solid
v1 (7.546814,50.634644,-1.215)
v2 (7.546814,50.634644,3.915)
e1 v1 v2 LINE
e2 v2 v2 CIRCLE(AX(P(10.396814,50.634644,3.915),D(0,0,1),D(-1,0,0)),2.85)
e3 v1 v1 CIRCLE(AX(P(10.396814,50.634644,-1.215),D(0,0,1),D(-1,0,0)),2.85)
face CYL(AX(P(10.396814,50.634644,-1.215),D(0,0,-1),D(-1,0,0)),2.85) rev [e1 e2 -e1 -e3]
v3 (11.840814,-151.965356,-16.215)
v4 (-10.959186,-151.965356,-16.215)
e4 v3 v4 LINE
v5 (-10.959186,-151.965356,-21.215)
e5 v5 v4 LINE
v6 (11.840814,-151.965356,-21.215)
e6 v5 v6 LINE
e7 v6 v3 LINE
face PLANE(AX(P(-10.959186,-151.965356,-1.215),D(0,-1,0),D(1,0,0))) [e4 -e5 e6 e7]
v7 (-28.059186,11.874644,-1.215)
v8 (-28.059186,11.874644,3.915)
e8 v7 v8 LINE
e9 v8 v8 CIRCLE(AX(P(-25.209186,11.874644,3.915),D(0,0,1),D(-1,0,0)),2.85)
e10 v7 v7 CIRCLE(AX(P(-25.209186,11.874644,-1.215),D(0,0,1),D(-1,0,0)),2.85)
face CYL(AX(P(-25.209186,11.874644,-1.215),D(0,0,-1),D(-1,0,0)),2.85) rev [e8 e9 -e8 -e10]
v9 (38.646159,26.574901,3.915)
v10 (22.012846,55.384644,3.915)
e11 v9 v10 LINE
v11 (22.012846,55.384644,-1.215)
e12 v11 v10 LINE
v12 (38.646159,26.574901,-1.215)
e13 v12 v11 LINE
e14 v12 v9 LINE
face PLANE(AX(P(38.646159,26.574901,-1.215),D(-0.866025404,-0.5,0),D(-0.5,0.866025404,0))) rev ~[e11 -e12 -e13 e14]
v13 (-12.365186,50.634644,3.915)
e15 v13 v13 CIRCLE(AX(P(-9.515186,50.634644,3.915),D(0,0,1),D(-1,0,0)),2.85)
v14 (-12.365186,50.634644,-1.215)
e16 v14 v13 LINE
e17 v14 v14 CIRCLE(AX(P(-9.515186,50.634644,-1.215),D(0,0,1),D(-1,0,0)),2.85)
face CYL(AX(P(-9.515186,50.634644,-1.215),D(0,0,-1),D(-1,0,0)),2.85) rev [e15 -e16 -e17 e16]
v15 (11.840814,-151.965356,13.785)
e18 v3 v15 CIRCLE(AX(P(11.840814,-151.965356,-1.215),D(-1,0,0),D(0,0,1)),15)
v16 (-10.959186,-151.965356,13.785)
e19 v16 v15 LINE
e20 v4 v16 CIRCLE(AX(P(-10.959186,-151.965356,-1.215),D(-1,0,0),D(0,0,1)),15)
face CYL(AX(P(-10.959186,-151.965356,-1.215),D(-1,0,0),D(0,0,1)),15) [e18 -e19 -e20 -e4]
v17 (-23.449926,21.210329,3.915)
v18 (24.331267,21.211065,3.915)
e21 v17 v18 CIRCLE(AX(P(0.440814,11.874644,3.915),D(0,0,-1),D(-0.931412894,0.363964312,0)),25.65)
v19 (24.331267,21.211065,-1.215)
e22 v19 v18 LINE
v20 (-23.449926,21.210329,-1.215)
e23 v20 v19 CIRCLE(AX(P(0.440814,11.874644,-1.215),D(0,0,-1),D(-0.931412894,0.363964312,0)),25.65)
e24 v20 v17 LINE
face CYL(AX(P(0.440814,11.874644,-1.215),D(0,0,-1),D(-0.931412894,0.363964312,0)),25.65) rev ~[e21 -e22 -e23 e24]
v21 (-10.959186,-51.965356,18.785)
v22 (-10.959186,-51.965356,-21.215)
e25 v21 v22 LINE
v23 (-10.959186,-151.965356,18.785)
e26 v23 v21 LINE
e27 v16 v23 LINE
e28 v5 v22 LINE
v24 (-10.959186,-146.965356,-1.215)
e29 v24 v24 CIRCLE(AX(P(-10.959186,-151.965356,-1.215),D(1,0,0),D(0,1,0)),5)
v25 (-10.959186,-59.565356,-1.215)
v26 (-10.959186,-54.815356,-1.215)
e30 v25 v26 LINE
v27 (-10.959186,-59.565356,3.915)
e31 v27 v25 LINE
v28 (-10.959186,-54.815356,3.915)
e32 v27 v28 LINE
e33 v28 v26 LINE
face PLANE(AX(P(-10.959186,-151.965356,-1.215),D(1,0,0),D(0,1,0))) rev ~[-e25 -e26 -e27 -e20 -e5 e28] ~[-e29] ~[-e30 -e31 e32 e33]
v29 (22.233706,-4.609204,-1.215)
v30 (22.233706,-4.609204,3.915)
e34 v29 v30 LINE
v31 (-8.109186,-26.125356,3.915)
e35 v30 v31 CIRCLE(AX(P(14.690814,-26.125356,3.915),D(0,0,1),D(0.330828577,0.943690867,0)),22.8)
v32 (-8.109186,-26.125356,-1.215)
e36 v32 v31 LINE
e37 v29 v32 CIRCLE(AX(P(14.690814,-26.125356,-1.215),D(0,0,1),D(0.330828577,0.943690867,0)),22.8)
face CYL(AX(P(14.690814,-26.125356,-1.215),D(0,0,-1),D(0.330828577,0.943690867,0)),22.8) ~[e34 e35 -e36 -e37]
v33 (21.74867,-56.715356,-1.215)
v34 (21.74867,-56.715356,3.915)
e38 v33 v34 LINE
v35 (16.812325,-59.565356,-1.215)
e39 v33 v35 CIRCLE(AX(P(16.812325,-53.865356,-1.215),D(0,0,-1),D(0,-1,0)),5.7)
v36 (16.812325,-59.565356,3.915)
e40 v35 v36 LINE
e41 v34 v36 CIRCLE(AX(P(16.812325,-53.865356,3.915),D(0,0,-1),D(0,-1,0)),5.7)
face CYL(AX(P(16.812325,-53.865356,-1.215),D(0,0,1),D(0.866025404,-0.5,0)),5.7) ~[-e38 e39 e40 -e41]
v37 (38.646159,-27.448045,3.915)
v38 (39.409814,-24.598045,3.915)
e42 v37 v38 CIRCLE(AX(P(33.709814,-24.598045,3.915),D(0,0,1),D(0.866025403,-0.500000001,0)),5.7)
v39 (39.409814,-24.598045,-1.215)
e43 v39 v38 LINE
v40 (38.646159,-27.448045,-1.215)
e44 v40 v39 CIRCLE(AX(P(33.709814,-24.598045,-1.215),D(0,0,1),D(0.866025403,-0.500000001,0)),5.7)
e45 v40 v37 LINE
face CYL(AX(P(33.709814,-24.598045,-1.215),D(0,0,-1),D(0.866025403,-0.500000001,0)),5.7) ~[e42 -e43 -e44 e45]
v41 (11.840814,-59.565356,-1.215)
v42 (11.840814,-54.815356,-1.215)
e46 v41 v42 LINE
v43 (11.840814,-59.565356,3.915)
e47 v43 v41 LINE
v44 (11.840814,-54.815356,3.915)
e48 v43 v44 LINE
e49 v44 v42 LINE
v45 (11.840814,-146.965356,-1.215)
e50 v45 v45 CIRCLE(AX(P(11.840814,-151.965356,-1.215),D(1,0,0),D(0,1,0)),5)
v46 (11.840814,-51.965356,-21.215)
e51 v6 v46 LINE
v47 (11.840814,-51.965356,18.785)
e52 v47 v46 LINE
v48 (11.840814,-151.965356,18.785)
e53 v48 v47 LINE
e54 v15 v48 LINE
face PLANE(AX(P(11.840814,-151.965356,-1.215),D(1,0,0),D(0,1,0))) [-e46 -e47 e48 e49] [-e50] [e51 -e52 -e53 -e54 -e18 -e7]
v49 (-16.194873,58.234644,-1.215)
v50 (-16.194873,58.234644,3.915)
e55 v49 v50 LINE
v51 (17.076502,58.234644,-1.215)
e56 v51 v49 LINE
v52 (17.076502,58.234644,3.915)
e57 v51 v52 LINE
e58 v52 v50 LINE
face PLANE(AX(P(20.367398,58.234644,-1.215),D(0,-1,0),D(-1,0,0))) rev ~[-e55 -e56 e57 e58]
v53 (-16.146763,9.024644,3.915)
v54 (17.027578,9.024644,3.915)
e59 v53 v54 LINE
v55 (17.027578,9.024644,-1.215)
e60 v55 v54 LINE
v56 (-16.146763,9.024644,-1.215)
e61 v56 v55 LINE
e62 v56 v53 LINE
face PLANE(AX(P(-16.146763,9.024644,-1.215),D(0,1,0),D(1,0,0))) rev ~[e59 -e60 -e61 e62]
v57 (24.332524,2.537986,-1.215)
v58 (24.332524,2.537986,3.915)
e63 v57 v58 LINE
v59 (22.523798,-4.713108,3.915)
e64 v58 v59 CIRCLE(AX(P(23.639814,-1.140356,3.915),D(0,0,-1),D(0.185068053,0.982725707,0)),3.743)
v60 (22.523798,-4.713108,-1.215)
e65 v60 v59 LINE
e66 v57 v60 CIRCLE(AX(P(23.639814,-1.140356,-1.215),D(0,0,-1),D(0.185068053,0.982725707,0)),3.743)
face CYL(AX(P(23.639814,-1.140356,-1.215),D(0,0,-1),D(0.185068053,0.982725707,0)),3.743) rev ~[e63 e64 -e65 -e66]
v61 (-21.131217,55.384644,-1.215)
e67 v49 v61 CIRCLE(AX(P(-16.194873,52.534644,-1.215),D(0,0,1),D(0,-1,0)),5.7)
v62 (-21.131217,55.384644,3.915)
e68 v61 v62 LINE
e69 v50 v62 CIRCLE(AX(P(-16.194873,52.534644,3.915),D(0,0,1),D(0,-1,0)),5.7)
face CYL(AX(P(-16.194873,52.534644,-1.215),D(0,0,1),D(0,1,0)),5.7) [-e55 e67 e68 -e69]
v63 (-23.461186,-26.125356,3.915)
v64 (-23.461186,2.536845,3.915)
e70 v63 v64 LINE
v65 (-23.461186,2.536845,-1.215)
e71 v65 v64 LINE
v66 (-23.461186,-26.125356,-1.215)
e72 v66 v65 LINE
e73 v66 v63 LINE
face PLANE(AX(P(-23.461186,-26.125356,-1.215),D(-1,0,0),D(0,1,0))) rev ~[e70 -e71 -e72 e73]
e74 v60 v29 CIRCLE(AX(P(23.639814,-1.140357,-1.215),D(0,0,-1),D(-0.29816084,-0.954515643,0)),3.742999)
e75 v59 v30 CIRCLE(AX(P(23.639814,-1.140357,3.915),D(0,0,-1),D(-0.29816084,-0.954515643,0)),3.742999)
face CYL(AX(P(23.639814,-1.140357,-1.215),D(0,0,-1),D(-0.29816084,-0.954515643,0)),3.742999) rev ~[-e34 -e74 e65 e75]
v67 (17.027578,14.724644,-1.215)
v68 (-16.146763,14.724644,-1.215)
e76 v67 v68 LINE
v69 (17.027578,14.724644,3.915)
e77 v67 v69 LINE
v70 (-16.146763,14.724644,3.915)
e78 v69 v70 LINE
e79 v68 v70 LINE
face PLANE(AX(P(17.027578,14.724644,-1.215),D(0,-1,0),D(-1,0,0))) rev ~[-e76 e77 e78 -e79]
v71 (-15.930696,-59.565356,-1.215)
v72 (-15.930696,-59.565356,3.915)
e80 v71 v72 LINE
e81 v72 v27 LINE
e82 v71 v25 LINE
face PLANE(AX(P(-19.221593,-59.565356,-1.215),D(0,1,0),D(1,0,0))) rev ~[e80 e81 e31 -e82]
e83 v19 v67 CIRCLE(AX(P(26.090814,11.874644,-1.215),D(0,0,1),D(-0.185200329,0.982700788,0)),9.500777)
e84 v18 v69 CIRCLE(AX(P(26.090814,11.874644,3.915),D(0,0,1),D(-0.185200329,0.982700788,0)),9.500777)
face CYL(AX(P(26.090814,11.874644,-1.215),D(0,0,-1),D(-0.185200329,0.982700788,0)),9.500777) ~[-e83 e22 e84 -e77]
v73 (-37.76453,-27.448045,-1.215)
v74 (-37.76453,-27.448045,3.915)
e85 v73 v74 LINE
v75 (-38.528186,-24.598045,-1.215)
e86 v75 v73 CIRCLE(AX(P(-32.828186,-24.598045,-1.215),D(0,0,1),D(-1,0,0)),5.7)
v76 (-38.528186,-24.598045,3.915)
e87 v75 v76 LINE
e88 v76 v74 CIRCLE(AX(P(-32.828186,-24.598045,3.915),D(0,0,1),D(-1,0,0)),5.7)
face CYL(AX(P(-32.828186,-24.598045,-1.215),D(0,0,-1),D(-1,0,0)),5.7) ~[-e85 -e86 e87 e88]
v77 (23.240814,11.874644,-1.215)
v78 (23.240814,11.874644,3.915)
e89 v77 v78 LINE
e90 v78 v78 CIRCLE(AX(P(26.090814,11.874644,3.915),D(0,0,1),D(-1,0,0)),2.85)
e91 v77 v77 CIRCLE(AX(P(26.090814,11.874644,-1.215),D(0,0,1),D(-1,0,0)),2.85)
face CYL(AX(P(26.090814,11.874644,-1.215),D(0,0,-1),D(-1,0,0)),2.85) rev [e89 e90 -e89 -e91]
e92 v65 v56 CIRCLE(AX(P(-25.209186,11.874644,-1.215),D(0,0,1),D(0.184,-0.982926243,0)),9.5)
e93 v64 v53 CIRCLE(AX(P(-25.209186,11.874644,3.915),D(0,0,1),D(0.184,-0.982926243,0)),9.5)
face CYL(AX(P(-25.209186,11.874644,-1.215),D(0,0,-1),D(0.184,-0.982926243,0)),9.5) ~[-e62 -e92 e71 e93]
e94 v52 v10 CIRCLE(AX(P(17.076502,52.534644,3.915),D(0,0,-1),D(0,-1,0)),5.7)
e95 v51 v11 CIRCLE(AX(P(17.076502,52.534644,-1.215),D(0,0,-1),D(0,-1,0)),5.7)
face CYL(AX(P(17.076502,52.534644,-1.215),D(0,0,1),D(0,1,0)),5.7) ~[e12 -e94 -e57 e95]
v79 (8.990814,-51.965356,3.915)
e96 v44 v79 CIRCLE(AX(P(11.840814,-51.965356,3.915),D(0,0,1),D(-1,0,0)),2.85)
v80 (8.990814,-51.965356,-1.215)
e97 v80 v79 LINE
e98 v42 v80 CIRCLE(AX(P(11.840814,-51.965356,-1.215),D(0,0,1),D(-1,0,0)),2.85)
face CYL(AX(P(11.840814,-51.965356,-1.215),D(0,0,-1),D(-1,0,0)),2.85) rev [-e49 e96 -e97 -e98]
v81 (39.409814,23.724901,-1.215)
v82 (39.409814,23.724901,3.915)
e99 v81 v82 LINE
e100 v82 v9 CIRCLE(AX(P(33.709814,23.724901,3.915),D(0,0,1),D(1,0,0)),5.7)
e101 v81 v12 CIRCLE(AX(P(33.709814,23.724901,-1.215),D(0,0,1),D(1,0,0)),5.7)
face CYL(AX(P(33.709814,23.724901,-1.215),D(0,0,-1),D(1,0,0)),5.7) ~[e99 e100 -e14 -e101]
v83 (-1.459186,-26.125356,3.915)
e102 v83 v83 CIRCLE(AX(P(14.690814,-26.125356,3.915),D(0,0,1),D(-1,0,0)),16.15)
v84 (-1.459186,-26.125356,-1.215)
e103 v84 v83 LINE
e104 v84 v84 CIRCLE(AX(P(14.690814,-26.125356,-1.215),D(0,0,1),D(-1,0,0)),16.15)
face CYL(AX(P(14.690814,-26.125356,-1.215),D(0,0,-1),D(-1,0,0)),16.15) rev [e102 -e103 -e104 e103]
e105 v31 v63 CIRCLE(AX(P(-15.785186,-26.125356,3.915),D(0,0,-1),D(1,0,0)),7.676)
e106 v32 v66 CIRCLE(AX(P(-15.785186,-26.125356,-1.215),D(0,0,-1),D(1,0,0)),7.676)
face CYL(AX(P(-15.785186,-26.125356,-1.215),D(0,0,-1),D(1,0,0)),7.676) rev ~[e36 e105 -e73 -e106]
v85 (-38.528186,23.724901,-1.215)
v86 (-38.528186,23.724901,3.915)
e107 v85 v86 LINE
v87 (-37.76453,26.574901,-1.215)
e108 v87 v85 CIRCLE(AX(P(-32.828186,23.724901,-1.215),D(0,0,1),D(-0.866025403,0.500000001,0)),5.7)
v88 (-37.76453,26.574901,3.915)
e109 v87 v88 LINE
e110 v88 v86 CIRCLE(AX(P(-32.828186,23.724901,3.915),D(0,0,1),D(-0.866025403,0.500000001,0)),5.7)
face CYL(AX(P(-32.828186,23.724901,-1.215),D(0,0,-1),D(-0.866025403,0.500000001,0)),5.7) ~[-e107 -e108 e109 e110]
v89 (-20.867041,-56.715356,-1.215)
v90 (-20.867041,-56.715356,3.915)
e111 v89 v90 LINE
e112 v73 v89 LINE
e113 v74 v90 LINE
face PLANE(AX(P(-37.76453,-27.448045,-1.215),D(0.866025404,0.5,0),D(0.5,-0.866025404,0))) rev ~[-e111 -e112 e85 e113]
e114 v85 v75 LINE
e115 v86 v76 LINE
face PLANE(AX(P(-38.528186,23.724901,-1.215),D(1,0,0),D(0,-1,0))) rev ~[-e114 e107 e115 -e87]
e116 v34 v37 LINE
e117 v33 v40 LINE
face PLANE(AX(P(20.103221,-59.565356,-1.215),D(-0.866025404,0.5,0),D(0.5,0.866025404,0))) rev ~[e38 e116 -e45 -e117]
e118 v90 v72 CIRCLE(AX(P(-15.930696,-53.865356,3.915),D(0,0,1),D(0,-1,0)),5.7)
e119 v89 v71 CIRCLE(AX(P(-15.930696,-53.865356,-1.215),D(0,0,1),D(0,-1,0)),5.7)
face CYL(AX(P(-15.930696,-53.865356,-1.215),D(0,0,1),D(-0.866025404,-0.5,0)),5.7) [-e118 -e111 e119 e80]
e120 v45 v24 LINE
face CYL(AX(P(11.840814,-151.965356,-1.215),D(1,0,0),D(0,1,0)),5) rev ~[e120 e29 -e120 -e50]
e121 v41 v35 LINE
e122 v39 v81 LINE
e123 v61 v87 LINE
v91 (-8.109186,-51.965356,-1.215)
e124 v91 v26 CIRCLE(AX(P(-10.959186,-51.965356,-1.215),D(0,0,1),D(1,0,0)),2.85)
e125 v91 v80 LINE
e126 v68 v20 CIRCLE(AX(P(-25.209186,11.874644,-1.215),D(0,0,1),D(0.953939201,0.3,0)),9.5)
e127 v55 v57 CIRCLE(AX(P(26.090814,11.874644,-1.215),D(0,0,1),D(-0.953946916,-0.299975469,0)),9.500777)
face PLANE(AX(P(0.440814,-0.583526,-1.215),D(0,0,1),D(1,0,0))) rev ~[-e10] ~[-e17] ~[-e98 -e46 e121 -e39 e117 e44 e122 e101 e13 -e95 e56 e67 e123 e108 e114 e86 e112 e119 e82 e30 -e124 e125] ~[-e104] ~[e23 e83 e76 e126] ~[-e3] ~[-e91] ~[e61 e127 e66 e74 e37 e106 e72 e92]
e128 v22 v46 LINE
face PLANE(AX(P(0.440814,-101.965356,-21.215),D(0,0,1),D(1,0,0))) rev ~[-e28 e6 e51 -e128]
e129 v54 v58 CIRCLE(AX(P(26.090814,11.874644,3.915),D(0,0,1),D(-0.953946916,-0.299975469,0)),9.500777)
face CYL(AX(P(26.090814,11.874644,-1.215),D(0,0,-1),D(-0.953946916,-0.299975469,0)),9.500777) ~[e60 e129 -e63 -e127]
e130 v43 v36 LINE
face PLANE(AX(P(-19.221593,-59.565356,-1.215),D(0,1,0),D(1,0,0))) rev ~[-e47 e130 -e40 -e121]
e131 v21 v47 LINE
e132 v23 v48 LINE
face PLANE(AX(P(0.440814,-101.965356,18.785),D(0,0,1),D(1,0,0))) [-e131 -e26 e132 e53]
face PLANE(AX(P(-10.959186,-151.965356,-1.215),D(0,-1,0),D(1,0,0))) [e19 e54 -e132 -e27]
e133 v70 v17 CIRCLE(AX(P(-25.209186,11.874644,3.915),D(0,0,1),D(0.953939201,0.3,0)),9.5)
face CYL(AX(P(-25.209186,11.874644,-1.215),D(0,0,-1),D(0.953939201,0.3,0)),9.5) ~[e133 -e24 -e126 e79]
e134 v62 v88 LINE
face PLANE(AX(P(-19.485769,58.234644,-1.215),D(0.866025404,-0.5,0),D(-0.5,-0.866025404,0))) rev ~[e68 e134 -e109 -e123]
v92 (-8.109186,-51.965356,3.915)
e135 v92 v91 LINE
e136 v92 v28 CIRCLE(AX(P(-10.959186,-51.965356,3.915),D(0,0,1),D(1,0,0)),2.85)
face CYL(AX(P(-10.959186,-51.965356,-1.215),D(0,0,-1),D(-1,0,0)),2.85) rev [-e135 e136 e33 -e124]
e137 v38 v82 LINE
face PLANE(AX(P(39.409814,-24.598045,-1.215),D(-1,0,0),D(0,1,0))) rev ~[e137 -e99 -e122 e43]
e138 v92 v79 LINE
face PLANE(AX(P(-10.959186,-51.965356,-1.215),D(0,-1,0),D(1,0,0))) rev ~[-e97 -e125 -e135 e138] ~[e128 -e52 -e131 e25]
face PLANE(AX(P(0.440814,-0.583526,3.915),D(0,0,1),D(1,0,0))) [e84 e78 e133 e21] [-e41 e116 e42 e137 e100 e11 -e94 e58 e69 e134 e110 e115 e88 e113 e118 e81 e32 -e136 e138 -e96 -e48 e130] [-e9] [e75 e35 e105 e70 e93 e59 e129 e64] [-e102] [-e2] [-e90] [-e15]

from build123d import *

# Parameters (mm, degrees)
SKETCH1_R           = 1.5
SKETCH1_R_2         = 8.5
BOSS_EXTRUDE1_DEPTH = 2.7
FILLET1_R           = 3
SCALE1_SCALE        = 1.9
BOSS_EXTRUDE2_START = -5.13
SKETCH2_W           = 22.8
SKETCH2_H           = 100
BOSS_EXTRUDE2_DEPTH = 20
SKETCH3_R           = 15
BOSS_EXTRUDE3_DEPTH = 22.8
CUT_EXTRUDE1_REACH  = 177.683
SKETCH4_R           = 5


with BuildPart() as part:
    # Sketch1 → Boss-Extrude1 (new body)
    with BuildSketch(Plane.XY):
        with BuildLine():
            Line((10.487675588, 31), (-10.487675588, 31))
            Line((-10.487675588, 31), (-20.108076211, 14.336977332))
            ThreePointArc((-20.108076211, 14.336977332), (-20.407777479, 13.613434467), (-20.51, 12.836977332))
            Line((-20.51, 12.836977332), (-20.51, -12.596152423))
            ThreePointArc((-20.51, -12.596152423), (-20.407777479, -13.372609558), (-20.108076211, -14.096152423))
            Line((-20.108076211, -14.096152423), (-10.348635262, -31))
            Line((-10.348635262, -31), (10.348635262, -31))
            Line((10.348635262, -31), (20.108076211, -14.096152423))
            ThreePointArc((20.108076211, -14.096152423), (20.407777479, -13.372609558), (20.51, -12.596152423))
            Line((20.51, -12.596152423), (20.51, 12.836977332))
            ThreePointArc((20.51, 12.836977332), (20.407777479, 13.613434467), (20.108076211, 14.336977332))
            Line((20.108076211, 14.336977332), (10.487675588, 31))
        make_face()
        with Locations(Location((-6, -27, 0), (0, 0, 180))):
            Circle(SKETCH1_R, mode=Mode.SUBTRACT)
        with Locations(Location((6, -27, 0), (0, 0, 180))):
            Circle(SKETCH1_R, mode=Mode.SUBTRACT)
        with Locations(Location((7.5, -13.4, 0), (0, 0, 180))):
            Circle(SKETCH1_R_2, mode=Mode.SUBTRACT)
        with BuildLine():
            ThreePointArc((-4.5, -13.4), (-8.54, -17.44), (-12.58, -13.4))
            Line((-12.58, -13.4), (-12.58, 1.685368783))
            ThreePointArc((-12.58, 1.685368783), (-10.18215631, 2.859423407), (-8.730303993, 5.1))
            Line((-8.730303993, 5.1), (8.729875369, 5.1))
            ThreePointArc((8.729875369, 5.1), (10.179804764, 2.860963681), (12.574584064, 1.685969643))
            ThreePointArc((12.574584064, 1.685969643), (14.121431526, -0.726790857), (11.622623122, -2.13039581))
            ThreePointArc((11.622623122, -2.13039581), (11.545720037, -2.104624526), (11.469942926, -2.075709596))
            ThreePointArc((11.469942926, -2.075709596), (0.558793877, -3.611248417), (-4.5, -13.4))
        make_face(mode=Mode.SUBTRACT)
        with Locations(Location((-13.5, 6.6, 0), (0, 0, 180))):
            Circle(SKETCH1_R, mode=Mode.SUBTRACT)
        with BuildLine():
            Line((8.729875369, 8.1), (-8.730303993, 8.1))
            ThreePointArc((-8.730303993, 8.1), (-10.179901517, 10.338575405), (-12.574074074, 11.513518208))
            ThreePointArc((-12.574074074, 11.513518208), (-0.00020804, 20.099999998), (12.57392263, 11.513905748))
            ThreePointArc((12.57392263, 11.513905748), (10.179553129, 10.338812856), (8.729875369, 8.1))
        make_face(mode=Mode.SUBTRACT)
        with Locations(Location((-5.24, 27, 0), (0, 0, 180))):
            Circle(SKETCH1_R, mode=Mode.SUBTRACT)
        with Locations(Location((13.5, 6.6, 0), (0, 0, 180))):
            Circle(SKETCH1_R, mode=Mode.SUBTRACT)
        with Locations(Location((5.24, 27, 0), (0, 0, 180))):
            Circle(SKETCH1_R, mode=Mode.SUBTRACT)
    extrude(amount=BOSS_EXTRUDE1_DEPTH)

    # Fillet1
    fillet1_edges = [part.edges().sort_by_distance(p)[0] for p in [
        (-10.487675588, 31, 1.35),
        (10.487675588, 31, 1.35),
        (10.348635262, -31, 1.35),
        (-10.348635262, -31, 1.35),
    ]]
    fillet(fillet1_edges, radius=FILLET1_R)


with BuildPart() as part_1:
    # Scale1: scaled about (-0.489793852, 0.73928426, 1.35)
    add(part.part.scale(SCALE1_SCALE).moved(Location((0.440814467, -0.665355834, -1.215))))

    # Sketch2 → Boss-Extrude2 (add, symmetric)
    with BuildSketch(Plane.XY.offset(3.915).offset(BOSS_EXTRUDE2_START)):
        with Locations((0.440814467, -101.965355834)):
            Rectangle(SKETCH2_W, SKETCH2_H)
    extrude(amount=BOSS_EXTRUDE2_DEPTH, both=True)

    # Sketch3 → Boss-Extrude3 (add)
    with BuildSketch(Plane.ZY.offset(10.959185533)):
        with Locations((-1.215, -151.965355834)):
            Circle(SKETCH3_R)
    extrude(amount=-BOSS_EXTRUDE3_DEPTH)

    # Sketch4 → Cut-Extrude1 (cut, up to next)
    with BuildSketch(Plane(origin=(11.840814467, 0, 0), x_dir=(0, 0, -1), z_dir=(1, 0, 0)), mode=Mode.PRIVATE) as cut_extrude1_sk1:
        with Locations(Location((1.215, -151.965355834, 0), (0, 0, 90))):
            Circle(SKETCH4_R)
    cut_extrude1_tool1 = extrude(cut_extrude1_sk1.sketch, amount=-CUT_EXTRUDE1_REACH, mode=Mode.PRIVATE) & part_1.part
    add(cut_extrude1_tool1.solids().sort_by_distance((11.840814, -151.965356, -1.215))[0], mode=Mode.SUBTRACT)


solid = part_1.part
